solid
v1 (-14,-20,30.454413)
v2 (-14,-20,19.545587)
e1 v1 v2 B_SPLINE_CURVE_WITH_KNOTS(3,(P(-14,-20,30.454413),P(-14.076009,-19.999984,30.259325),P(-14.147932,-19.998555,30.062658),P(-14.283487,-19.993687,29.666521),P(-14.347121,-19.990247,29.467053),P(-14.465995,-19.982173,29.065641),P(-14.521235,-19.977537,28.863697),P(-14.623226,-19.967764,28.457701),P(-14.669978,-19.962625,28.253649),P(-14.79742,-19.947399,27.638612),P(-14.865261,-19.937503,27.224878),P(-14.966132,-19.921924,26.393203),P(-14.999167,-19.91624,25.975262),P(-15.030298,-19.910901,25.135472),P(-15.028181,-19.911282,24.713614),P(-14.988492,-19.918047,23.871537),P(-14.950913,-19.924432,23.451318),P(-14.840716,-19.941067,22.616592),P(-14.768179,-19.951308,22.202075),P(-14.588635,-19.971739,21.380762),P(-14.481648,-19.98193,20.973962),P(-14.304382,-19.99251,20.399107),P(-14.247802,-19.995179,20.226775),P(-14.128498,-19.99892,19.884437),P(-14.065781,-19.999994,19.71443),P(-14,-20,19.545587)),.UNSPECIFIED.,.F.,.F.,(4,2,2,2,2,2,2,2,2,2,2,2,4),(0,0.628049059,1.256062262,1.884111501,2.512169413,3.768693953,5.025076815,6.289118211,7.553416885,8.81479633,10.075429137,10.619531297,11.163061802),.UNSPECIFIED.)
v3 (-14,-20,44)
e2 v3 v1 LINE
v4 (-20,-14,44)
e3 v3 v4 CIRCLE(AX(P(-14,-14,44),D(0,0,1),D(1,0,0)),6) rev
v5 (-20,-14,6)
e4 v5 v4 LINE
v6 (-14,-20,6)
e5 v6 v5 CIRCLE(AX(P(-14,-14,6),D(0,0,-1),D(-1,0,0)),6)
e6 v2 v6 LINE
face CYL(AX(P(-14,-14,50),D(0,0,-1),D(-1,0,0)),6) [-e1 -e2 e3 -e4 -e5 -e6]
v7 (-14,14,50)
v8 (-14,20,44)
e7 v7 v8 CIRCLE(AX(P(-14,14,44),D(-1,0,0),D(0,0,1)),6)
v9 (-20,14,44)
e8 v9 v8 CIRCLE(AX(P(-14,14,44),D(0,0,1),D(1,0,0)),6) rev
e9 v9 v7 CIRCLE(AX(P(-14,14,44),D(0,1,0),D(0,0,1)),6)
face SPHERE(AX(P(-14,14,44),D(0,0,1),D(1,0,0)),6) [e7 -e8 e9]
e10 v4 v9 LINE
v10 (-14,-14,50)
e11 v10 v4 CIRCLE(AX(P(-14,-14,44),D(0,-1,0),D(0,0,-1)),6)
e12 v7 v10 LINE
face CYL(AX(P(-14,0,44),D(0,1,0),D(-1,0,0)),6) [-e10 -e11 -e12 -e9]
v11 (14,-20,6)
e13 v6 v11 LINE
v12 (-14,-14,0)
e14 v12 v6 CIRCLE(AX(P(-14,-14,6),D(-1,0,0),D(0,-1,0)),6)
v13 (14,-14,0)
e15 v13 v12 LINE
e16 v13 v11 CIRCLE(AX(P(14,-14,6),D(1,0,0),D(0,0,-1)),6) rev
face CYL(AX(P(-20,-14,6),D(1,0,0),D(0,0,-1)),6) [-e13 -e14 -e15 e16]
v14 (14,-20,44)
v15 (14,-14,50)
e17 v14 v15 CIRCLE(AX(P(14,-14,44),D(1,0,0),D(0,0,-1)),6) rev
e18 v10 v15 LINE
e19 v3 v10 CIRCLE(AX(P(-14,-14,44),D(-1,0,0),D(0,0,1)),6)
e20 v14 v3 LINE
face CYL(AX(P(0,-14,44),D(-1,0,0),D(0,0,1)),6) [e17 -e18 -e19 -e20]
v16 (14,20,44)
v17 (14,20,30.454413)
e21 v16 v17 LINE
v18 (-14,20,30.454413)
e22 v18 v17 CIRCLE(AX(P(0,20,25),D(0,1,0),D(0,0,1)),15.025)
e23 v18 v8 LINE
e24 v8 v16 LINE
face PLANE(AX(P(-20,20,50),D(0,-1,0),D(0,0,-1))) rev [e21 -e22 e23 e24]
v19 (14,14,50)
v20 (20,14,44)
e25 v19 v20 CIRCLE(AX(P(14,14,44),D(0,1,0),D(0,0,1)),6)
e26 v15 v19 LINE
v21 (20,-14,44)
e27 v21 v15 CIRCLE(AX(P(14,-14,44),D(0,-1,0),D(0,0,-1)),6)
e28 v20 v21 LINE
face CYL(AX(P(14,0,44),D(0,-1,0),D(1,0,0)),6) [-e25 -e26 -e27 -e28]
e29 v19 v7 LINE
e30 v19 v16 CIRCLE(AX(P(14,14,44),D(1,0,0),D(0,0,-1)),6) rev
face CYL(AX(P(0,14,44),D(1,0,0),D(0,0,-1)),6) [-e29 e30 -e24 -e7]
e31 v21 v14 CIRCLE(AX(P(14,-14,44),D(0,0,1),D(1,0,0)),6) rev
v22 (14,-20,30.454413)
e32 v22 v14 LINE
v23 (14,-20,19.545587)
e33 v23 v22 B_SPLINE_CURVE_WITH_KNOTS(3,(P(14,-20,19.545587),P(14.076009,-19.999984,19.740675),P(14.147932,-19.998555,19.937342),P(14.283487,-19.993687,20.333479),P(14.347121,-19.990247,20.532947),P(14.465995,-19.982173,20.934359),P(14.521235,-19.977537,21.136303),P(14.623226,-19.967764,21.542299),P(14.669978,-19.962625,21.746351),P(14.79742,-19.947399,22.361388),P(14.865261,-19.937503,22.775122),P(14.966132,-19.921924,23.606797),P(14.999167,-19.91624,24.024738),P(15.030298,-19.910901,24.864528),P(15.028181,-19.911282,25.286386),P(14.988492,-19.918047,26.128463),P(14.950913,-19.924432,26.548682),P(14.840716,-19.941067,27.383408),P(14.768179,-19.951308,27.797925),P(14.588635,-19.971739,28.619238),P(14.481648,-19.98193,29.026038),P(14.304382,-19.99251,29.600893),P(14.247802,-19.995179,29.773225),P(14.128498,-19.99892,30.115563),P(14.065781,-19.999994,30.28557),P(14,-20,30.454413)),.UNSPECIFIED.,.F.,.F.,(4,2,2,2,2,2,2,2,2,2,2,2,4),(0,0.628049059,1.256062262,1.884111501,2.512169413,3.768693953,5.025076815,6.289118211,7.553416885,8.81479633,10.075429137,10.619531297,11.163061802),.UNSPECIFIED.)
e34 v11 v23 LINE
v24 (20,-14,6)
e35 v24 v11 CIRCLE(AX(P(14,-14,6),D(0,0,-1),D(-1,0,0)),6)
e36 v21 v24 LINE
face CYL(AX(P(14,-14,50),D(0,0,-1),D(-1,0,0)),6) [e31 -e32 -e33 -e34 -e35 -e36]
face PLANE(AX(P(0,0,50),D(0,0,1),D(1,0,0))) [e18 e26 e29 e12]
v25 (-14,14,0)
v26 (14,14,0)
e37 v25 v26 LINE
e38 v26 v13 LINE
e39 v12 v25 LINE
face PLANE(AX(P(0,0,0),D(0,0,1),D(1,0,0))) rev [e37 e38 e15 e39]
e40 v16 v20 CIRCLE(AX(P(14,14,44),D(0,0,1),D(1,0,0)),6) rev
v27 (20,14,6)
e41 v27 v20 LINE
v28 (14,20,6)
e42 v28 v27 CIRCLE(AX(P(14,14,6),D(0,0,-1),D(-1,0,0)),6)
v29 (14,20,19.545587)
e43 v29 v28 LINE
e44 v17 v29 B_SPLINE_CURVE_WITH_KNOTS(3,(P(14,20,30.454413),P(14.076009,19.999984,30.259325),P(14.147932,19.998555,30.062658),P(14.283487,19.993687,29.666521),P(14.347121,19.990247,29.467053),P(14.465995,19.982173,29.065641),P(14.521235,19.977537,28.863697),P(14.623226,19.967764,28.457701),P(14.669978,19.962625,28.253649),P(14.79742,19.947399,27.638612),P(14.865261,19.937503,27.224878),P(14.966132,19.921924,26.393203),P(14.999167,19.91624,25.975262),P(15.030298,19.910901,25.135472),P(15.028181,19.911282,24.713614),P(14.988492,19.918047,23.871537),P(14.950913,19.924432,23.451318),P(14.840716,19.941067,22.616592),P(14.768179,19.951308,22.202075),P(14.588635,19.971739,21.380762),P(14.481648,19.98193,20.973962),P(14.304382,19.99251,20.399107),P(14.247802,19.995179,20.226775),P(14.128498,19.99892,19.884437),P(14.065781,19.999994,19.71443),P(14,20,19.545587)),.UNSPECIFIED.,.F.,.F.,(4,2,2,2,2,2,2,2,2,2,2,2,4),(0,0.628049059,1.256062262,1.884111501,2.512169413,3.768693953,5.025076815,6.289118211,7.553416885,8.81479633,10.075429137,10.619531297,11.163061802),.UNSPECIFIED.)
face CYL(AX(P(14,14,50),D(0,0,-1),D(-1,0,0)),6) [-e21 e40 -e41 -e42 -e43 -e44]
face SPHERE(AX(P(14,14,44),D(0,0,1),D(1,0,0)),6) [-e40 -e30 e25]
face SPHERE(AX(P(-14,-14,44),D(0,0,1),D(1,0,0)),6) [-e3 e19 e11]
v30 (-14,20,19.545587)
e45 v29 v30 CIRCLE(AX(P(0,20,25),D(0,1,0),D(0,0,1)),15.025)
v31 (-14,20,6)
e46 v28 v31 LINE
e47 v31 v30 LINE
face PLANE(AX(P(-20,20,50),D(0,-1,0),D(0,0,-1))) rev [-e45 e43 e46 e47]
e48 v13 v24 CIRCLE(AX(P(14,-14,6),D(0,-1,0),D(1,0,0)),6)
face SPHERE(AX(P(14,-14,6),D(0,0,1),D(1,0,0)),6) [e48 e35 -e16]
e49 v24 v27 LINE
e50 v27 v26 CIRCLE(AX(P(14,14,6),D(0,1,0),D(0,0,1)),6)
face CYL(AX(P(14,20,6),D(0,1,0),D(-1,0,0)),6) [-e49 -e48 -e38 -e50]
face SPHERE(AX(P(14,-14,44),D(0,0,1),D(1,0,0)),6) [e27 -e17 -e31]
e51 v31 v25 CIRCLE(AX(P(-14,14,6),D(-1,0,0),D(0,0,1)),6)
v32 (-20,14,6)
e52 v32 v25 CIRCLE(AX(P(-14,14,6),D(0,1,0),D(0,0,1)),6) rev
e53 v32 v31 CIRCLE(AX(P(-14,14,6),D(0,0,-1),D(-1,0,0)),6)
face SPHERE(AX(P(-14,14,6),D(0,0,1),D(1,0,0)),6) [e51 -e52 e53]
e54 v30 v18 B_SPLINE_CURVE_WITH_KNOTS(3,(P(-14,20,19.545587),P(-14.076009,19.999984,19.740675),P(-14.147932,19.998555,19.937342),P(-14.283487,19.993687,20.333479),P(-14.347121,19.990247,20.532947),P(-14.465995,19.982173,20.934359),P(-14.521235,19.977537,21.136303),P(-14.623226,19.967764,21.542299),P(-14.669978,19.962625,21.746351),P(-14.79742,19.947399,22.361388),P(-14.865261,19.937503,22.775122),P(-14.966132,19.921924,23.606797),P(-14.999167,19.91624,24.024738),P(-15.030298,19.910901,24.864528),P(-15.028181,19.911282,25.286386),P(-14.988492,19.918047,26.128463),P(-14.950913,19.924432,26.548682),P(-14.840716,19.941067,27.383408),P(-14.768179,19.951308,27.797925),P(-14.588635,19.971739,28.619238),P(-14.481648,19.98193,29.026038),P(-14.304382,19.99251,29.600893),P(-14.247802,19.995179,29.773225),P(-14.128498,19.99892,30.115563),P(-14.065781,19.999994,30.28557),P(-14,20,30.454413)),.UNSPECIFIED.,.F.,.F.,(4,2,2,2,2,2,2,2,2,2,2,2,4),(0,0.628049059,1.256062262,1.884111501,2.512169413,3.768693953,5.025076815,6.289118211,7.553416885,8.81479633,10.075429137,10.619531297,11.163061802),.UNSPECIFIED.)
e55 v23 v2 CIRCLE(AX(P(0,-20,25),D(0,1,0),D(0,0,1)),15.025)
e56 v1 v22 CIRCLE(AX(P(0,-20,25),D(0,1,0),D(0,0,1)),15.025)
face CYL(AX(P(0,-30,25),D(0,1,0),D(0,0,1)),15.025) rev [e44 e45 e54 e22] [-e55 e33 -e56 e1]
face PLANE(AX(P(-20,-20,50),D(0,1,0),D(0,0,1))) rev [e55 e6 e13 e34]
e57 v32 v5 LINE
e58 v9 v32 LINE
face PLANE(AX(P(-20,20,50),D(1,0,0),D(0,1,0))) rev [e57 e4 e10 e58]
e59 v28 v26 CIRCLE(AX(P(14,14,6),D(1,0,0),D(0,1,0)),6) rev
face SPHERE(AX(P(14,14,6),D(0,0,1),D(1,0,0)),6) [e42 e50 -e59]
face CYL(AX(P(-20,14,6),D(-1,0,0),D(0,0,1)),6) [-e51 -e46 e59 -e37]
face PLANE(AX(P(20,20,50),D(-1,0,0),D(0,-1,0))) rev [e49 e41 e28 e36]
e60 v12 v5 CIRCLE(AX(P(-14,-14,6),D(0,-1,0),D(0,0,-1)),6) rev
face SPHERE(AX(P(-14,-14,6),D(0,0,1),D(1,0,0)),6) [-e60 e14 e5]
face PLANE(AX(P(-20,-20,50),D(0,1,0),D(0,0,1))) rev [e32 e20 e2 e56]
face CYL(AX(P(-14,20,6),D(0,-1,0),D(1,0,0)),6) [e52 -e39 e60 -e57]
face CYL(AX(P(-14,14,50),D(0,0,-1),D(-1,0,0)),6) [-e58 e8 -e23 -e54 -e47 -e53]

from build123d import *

# Parameters (mm, degrees)
SKETCH1_W           = 40
SKETCH1_H           = 40
BOSS_EXTRUDE1_DEPTH = 50
FILLET1_R           = 6
SKETCH2_R           = 15.025
CUT_EXTRUDE1_DEPTH  = 50


with BuildPart() as part:
    # Sketch1 → Boss-Extrude1 (new body)
    with BuildSketch(Plane.XY):
        Rectangle(SKETCH1_W, SKETCH1_H)
    extrude(amount=BOSS_EXTRUDE1_DEPTH)

    # Fillet1
    fillet1_edges = [part.edges().sort_by_distance(p)[0] for p in [
        (-20, 0, 50),
        (0, -20, 50),
        (20, 0, 50),
        (0, -20, 0),
        (-20, 0, 0),
        (0, 20, 0),
        (20, 0, 0),
        (0, 20, 50),
        (20, -20, 25),
        (-20, -20, 25),
        (-20, 20, 25),
        (20, 20, 25),
    ]]
    fillet(fillet1_edges, radius=FILLET1_R)

    # Sketch2 → Cut-Extrude1 (cut)
    with BuildSketch(Plane(origin=(0, 20, 0), x_dir=(1, 0, 0), z_dir=(0, 1, 0))):
        with Locations(Location((0, -25, 0), (0, 0, 201.285935721))):
            Circle(SKETCH2_R)
    extrude(amount=-CUT_EXTRUDE1_DEPTH, mode=Mode.SUBTRACT)


solid = part.part
